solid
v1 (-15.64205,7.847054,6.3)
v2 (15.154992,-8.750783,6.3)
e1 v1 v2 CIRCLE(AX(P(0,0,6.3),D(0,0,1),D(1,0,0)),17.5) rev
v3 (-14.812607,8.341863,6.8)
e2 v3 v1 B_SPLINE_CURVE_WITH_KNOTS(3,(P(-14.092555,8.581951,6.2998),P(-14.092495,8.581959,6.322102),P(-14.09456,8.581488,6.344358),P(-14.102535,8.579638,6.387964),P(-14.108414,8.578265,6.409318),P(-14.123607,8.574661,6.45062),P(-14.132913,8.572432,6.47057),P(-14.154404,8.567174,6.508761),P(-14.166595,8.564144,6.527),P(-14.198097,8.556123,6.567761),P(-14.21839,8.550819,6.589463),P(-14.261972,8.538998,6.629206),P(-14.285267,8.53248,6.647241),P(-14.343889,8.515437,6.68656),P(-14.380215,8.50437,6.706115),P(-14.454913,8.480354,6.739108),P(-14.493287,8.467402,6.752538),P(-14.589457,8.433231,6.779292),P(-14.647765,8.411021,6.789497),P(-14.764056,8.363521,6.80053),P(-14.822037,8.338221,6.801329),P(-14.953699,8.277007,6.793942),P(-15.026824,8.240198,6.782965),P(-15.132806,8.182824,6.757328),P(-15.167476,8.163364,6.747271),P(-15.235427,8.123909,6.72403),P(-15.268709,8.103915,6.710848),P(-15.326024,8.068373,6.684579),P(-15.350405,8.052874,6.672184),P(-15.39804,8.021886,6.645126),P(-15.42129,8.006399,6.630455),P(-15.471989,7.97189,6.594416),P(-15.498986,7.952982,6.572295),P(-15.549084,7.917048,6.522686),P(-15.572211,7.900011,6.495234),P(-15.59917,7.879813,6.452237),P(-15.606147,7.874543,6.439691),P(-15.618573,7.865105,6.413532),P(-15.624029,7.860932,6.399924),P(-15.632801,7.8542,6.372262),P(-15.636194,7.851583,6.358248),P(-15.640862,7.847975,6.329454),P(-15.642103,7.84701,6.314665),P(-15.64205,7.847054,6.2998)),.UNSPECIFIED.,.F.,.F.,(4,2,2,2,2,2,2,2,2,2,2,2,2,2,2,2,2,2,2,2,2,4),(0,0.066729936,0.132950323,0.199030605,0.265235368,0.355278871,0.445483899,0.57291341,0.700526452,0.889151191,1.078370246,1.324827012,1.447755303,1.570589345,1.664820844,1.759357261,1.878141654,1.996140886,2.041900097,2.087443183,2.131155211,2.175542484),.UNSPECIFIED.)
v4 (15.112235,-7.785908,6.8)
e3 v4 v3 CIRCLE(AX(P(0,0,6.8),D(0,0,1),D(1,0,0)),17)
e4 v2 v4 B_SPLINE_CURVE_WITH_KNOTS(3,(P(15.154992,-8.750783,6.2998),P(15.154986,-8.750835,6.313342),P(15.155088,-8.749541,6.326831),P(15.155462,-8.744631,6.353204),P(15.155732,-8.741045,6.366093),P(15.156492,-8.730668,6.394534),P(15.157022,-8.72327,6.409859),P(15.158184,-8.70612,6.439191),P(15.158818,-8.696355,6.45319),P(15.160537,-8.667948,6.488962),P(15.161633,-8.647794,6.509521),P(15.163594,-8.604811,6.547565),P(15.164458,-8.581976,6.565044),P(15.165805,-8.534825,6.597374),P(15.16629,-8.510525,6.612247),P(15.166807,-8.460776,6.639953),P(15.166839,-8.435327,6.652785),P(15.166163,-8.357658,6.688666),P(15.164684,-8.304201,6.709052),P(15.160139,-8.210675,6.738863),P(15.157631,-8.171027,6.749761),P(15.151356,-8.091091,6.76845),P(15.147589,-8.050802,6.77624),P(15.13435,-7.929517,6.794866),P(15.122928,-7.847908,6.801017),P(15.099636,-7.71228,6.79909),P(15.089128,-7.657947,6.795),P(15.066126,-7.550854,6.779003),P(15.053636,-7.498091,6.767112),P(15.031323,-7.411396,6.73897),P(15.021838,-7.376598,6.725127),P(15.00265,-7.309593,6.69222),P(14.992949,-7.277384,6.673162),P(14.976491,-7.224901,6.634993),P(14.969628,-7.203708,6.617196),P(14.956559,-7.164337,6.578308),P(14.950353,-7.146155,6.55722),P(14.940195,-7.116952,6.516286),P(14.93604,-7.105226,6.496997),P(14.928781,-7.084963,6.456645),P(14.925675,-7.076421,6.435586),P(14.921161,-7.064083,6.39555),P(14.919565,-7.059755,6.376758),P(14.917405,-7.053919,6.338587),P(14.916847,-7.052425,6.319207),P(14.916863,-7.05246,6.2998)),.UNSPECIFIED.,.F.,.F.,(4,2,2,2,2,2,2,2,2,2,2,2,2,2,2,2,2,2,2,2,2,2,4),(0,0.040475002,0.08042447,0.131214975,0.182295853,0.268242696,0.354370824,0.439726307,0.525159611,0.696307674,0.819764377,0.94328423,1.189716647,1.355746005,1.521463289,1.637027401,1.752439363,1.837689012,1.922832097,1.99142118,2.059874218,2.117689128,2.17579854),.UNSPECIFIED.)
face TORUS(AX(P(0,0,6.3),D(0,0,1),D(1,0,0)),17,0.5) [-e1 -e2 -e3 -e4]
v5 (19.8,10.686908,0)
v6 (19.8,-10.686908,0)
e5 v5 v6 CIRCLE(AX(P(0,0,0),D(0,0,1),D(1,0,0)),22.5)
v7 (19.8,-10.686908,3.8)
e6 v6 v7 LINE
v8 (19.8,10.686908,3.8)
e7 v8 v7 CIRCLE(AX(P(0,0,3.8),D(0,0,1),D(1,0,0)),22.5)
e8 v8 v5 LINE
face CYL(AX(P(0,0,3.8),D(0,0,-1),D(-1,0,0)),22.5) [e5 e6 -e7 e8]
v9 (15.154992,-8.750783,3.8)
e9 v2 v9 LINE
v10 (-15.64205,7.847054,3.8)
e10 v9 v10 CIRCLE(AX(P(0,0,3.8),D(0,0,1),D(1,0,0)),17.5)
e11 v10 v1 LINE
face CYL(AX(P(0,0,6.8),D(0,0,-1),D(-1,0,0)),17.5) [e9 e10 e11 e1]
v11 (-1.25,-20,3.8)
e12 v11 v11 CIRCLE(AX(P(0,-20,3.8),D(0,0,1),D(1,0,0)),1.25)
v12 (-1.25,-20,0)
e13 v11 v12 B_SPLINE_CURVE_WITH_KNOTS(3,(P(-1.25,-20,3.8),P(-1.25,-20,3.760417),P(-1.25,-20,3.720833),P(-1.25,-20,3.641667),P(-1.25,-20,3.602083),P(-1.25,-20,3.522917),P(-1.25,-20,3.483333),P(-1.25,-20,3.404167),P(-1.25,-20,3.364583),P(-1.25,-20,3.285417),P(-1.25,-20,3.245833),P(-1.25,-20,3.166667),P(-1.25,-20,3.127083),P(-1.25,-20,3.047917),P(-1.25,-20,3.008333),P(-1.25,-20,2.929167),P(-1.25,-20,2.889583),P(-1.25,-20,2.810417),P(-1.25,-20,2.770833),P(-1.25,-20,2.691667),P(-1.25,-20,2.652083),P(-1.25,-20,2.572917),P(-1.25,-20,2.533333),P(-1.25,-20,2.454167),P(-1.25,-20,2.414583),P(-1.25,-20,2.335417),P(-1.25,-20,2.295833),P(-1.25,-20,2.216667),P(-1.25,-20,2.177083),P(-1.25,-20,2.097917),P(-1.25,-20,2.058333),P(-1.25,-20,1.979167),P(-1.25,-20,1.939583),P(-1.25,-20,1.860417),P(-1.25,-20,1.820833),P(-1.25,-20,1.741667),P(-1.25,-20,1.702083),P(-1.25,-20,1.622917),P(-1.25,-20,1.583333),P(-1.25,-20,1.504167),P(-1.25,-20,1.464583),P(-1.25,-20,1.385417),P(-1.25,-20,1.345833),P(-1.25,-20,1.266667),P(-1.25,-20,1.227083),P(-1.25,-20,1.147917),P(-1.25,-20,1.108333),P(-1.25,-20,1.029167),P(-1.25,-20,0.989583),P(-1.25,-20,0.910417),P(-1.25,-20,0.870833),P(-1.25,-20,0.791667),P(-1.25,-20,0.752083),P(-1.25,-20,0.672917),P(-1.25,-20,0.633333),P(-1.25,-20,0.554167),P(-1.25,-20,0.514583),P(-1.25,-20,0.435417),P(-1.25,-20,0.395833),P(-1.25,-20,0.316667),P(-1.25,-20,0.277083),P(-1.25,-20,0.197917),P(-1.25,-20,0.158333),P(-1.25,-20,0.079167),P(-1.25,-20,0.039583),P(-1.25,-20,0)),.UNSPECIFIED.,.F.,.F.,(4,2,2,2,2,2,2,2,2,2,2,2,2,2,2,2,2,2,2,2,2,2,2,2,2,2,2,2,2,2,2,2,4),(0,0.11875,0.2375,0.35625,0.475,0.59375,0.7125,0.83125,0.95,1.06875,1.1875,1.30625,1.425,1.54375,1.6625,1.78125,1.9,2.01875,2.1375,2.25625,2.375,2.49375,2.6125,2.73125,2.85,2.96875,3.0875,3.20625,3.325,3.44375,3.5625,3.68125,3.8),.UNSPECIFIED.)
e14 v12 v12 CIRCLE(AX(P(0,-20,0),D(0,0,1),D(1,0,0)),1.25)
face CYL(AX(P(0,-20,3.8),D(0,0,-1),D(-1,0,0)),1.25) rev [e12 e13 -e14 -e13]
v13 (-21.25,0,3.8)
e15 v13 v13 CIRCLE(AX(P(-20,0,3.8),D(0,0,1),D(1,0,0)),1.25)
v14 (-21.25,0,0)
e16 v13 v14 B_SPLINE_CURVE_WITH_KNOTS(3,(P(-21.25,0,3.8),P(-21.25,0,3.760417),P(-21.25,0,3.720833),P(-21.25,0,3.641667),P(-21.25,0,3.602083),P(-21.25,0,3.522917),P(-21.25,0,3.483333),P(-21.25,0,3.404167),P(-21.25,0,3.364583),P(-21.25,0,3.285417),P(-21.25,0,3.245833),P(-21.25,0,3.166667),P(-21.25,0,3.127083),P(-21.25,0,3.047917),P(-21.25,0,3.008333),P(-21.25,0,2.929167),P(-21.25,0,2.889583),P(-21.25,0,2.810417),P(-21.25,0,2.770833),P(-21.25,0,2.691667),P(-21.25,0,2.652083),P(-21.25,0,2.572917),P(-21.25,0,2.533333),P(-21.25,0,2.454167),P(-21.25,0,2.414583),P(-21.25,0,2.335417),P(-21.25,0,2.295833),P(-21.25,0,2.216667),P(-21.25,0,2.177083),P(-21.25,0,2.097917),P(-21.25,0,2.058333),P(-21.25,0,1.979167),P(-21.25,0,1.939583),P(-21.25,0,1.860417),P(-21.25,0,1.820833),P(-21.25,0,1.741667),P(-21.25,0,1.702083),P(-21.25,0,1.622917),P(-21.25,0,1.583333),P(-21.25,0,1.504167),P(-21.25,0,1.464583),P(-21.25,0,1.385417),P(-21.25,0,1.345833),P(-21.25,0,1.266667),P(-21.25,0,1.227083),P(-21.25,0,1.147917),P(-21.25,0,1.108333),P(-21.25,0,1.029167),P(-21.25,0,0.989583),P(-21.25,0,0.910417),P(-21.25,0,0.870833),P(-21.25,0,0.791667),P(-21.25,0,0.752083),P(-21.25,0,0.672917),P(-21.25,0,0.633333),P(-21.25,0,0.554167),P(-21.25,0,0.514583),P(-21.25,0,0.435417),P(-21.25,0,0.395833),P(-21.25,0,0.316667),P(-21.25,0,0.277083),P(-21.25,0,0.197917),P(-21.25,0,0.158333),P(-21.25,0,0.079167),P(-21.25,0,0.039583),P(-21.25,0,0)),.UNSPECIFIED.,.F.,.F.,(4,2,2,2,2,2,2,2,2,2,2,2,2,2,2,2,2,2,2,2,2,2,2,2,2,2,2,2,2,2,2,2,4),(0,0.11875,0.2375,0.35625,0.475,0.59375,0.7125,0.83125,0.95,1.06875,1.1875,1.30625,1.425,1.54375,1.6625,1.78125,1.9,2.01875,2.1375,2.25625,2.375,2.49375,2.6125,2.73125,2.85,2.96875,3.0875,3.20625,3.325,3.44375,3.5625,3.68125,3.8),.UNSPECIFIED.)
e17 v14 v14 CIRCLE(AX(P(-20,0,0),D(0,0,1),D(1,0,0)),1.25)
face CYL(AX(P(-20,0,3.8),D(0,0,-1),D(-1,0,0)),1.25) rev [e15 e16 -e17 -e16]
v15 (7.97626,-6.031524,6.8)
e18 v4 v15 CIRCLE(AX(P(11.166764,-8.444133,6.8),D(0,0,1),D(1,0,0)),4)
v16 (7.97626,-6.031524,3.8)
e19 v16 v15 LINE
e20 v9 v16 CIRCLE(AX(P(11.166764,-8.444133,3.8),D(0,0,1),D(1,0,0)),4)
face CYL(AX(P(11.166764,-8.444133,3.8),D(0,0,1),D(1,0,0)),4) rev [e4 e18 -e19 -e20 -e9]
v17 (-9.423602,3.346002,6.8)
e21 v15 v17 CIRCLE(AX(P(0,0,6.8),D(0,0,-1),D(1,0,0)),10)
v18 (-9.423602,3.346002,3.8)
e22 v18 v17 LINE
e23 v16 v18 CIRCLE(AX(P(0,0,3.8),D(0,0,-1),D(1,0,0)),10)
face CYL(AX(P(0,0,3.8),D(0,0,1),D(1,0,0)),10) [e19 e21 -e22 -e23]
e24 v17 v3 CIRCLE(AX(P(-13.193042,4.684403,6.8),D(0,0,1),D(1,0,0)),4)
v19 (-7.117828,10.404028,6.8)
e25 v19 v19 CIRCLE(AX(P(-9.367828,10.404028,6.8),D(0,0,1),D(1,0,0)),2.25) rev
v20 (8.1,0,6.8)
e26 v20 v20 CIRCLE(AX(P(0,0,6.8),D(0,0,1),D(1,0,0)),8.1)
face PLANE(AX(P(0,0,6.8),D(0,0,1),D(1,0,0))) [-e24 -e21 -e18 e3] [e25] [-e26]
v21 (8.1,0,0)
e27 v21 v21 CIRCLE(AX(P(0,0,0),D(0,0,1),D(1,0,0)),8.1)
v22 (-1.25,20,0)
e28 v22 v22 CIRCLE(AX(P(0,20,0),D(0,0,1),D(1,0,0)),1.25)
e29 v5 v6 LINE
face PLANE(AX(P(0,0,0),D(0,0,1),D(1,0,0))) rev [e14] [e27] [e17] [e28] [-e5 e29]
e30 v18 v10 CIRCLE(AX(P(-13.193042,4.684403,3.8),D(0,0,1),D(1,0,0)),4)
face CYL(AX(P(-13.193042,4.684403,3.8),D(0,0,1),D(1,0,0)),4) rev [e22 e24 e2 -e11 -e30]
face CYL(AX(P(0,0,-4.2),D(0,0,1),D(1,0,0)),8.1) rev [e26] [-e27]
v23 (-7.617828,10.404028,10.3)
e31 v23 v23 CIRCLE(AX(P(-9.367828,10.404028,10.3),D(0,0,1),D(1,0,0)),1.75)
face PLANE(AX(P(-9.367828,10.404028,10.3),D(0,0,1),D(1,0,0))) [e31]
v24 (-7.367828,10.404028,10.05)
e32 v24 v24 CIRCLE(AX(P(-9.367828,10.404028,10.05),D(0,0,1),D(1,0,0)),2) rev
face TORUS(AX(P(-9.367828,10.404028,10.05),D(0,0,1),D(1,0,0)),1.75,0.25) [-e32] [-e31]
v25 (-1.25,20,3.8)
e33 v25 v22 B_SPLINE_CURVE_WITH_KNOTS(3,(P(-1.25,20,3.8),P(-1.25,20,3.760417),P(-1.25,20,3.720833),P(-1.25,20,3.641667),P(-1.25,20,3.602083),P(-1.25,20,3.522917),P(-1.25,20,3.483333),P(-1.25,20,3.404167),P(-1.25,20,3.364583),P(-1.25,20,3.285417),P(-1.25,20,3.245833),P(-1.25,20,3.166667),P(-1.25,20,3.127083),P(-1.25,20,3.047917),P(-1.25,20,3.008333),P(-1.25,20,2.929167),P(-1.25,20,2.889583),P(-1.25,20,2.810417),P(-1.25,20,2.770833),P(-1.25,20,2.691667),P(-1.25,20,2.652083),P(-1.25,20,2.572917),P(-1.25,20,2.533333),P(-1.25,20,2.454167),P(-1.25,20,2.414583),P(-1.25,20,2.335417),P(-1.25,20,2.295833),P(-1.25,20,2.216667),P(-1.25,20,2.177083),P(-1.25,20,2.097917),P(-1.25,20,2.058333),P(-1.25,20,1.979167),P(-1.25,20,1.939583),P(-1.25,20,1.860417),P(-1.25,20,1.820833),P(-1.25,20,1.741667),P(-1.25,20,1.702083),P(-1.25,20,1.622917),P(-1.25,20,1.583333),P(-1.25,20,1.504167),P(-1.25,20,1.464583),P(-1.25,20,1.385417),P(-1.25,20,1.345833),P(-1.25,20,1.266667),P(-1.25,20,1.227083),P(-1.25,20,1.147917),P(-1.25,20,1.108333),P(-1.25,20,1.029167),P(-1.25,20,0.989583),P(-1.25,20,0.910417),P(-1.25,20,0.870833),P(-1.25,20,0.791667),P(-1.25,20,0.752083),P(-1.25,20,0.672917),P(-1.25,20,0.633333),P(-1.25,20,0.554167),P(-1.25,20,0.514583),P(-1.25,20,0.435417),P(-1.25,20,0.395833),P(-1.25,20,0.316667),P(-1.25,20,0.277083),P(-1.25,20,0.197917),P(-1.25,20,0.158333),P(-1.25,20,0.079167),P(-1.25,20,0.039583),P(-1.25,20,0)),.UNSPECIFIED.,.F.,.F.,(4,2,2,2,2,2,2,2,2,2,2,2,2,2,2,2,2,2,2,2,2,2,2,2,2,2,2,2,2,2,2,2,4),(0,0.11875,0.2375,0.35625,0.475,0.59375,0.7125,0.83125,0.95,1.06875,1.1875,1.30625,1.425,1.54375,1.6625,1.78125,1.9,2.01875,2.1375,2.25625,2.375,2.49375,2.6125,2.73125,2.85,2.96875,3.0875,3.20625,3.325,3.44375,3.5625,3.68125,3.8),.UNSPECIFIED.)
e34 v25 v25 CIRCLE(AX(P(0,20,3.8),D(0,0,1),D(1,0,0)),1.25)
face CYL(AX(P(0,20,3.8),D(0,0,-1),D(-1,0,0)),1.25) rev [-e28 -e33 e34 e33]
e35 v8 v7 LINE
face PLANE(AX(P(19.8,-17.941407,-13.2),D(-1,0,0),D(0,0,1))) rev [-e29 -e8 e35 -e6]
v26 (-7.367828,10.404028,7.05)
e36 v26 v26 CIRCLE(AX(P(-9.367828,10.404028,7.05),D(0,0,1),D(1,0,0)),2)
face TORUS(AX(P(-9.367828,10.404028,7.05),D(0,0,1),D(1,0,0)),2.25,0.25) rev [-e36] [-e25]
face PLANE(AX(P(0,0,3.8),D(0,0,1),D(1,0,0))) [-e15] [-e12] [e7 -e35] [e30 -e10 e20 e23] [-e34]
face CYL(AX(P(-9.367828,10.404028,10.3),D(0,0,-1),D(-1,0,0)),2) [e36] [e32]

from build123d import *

# Parameters (mm, degrees)
SKETCH_1_R          = 22.5
SKETCH_1_R_2        = 1.25
EXTRUDE_1_DEPTH     = 3.8
SKETCH_2_R          = 17.5
EXTRUDE_2_DEPTH     = 3
SKETCH_3_R          = 2
EXTRUDE_3_DEPTH     = 3.5
FILLET_1_R          = 0.5
FILLET_2_R          = 0.25
CUT_EXTRUDE_1_DEPTH = 3
SKETCH_5_R          = 8.1
CUT_EXTRUDE_2_DEPTH = 11
SKETCH_6_W          = 10.283159463
SKETCH_6_H          = 33.988548121
CUT_EXTRUDE_3_DEPTH = 17


with BuildPart() as part:
    # 草图1 → 凸台-拉伸1 (new body)
    with BuildSketch(Plane.XY):
        with Locations(Location((0, 0, 0), (0, 0, 180))):
            Circle(SKETCH_1_R)
        with Locations(Location((0, 20, 0), (0, 0, 180))):
            Circle(SKETCH_1_R_2, mode=Mode.SUBTRACT)
        with Locations(Location((0, -20, 0), (0, 0, 180))):
            Circle(SKETCH_1_R_2, mode=Mode.SUBTRACT)
        with Locations(Location((-20, 0, 0), (0, 0, 180))):
            Circle(SKETCH_1_R_2, mode=Mode.SUBTRACT)
    extrude(amount=EXTRUDE_1_DEPTH)

    # 草图2 → 凸台-拉伸2 (add)
    with BuildSketch(Plane.XY.offset(3.8)):
        Circle(SKETCH_2_R)
    extrude(amount=EXTRUDE_2_DEPTH)

    # 草图3 → 凸台-拉伸3 (add)
    with BuildSketch(Plane.XY.offset(6.8)):
        with Locations((-9.367828489, 10.404027557)):
            Circle(SKETCH_3_R)
    extrude(amount=EXTRUDE_3_DEPTH)

    # 圆角1
    fillet_1_edges = [part.edges().sort_by_distance(p)[0] for p in [
        (-17.5, 0, 6.8),
    ]]
    fillet(fillet_1_edges, radius=FILLET_1_R)

    # 圆角2
    fillet_2_edges = [part.edges().sort_by_distance(p)[0] for p in [
        (-11.367828489, 10.404027557, 6.8),
        (-11.367828489, 10.404027557, 10.3),
    ]]
    fillet(fillet_2_edges, radius=FILLET_2_R)

    # 草图4 → 切除-拉伸1 (cut)
    with BuildSketch(Plane.XY.offset(6.8)):
        with BuildLine():
            ThreePointArc((-16.962482908, 6.022804462), (-8.539705078, -15.845297005), (14.357267915, -10.856742514))
            ThreePointArc((14.357267915, -10.856742514), (13.579373382, -5.253629085), (7.976259953, -6.031523619))
            ThreePointArc((7.976259953, -6.031523619), (-4.744280599, -8.802942781), (-9.423601616, 3.346002479))
            ThreePointArc((-9.423601616, 3.346002479), (-11.85464127, 8.453844117), (-16.962482908, 6.022804462))
        make_face()
    extrude(amount=-CUT_EXTRUDE_1_DEPTH, mode=Mode.SUBTRACT)

    # 草图5 → 切除-拉伸2 (cut)
    with BuildSketch(Plane.XY.offset(6.8)):
        Circle(SKETCH_5_R)
    extrude(amount=-CUT_EXTRUDE_2_DEPTH, mode=Mode.SUBTRACT)

    # 草图6 → 切除-拉伸3 (cut)
    with BuildSketch(Plane.XY.offset(3.8)):
        with Locations((24.941579731, -0.947133109)):
            Rectangle(SKETCH_6_W, SKETCH_6_H)
    extrude(amount=-CUT_EXTRUDE_3_DEPTH, mode=Mode.SUBTRACT)


solid = part.part
